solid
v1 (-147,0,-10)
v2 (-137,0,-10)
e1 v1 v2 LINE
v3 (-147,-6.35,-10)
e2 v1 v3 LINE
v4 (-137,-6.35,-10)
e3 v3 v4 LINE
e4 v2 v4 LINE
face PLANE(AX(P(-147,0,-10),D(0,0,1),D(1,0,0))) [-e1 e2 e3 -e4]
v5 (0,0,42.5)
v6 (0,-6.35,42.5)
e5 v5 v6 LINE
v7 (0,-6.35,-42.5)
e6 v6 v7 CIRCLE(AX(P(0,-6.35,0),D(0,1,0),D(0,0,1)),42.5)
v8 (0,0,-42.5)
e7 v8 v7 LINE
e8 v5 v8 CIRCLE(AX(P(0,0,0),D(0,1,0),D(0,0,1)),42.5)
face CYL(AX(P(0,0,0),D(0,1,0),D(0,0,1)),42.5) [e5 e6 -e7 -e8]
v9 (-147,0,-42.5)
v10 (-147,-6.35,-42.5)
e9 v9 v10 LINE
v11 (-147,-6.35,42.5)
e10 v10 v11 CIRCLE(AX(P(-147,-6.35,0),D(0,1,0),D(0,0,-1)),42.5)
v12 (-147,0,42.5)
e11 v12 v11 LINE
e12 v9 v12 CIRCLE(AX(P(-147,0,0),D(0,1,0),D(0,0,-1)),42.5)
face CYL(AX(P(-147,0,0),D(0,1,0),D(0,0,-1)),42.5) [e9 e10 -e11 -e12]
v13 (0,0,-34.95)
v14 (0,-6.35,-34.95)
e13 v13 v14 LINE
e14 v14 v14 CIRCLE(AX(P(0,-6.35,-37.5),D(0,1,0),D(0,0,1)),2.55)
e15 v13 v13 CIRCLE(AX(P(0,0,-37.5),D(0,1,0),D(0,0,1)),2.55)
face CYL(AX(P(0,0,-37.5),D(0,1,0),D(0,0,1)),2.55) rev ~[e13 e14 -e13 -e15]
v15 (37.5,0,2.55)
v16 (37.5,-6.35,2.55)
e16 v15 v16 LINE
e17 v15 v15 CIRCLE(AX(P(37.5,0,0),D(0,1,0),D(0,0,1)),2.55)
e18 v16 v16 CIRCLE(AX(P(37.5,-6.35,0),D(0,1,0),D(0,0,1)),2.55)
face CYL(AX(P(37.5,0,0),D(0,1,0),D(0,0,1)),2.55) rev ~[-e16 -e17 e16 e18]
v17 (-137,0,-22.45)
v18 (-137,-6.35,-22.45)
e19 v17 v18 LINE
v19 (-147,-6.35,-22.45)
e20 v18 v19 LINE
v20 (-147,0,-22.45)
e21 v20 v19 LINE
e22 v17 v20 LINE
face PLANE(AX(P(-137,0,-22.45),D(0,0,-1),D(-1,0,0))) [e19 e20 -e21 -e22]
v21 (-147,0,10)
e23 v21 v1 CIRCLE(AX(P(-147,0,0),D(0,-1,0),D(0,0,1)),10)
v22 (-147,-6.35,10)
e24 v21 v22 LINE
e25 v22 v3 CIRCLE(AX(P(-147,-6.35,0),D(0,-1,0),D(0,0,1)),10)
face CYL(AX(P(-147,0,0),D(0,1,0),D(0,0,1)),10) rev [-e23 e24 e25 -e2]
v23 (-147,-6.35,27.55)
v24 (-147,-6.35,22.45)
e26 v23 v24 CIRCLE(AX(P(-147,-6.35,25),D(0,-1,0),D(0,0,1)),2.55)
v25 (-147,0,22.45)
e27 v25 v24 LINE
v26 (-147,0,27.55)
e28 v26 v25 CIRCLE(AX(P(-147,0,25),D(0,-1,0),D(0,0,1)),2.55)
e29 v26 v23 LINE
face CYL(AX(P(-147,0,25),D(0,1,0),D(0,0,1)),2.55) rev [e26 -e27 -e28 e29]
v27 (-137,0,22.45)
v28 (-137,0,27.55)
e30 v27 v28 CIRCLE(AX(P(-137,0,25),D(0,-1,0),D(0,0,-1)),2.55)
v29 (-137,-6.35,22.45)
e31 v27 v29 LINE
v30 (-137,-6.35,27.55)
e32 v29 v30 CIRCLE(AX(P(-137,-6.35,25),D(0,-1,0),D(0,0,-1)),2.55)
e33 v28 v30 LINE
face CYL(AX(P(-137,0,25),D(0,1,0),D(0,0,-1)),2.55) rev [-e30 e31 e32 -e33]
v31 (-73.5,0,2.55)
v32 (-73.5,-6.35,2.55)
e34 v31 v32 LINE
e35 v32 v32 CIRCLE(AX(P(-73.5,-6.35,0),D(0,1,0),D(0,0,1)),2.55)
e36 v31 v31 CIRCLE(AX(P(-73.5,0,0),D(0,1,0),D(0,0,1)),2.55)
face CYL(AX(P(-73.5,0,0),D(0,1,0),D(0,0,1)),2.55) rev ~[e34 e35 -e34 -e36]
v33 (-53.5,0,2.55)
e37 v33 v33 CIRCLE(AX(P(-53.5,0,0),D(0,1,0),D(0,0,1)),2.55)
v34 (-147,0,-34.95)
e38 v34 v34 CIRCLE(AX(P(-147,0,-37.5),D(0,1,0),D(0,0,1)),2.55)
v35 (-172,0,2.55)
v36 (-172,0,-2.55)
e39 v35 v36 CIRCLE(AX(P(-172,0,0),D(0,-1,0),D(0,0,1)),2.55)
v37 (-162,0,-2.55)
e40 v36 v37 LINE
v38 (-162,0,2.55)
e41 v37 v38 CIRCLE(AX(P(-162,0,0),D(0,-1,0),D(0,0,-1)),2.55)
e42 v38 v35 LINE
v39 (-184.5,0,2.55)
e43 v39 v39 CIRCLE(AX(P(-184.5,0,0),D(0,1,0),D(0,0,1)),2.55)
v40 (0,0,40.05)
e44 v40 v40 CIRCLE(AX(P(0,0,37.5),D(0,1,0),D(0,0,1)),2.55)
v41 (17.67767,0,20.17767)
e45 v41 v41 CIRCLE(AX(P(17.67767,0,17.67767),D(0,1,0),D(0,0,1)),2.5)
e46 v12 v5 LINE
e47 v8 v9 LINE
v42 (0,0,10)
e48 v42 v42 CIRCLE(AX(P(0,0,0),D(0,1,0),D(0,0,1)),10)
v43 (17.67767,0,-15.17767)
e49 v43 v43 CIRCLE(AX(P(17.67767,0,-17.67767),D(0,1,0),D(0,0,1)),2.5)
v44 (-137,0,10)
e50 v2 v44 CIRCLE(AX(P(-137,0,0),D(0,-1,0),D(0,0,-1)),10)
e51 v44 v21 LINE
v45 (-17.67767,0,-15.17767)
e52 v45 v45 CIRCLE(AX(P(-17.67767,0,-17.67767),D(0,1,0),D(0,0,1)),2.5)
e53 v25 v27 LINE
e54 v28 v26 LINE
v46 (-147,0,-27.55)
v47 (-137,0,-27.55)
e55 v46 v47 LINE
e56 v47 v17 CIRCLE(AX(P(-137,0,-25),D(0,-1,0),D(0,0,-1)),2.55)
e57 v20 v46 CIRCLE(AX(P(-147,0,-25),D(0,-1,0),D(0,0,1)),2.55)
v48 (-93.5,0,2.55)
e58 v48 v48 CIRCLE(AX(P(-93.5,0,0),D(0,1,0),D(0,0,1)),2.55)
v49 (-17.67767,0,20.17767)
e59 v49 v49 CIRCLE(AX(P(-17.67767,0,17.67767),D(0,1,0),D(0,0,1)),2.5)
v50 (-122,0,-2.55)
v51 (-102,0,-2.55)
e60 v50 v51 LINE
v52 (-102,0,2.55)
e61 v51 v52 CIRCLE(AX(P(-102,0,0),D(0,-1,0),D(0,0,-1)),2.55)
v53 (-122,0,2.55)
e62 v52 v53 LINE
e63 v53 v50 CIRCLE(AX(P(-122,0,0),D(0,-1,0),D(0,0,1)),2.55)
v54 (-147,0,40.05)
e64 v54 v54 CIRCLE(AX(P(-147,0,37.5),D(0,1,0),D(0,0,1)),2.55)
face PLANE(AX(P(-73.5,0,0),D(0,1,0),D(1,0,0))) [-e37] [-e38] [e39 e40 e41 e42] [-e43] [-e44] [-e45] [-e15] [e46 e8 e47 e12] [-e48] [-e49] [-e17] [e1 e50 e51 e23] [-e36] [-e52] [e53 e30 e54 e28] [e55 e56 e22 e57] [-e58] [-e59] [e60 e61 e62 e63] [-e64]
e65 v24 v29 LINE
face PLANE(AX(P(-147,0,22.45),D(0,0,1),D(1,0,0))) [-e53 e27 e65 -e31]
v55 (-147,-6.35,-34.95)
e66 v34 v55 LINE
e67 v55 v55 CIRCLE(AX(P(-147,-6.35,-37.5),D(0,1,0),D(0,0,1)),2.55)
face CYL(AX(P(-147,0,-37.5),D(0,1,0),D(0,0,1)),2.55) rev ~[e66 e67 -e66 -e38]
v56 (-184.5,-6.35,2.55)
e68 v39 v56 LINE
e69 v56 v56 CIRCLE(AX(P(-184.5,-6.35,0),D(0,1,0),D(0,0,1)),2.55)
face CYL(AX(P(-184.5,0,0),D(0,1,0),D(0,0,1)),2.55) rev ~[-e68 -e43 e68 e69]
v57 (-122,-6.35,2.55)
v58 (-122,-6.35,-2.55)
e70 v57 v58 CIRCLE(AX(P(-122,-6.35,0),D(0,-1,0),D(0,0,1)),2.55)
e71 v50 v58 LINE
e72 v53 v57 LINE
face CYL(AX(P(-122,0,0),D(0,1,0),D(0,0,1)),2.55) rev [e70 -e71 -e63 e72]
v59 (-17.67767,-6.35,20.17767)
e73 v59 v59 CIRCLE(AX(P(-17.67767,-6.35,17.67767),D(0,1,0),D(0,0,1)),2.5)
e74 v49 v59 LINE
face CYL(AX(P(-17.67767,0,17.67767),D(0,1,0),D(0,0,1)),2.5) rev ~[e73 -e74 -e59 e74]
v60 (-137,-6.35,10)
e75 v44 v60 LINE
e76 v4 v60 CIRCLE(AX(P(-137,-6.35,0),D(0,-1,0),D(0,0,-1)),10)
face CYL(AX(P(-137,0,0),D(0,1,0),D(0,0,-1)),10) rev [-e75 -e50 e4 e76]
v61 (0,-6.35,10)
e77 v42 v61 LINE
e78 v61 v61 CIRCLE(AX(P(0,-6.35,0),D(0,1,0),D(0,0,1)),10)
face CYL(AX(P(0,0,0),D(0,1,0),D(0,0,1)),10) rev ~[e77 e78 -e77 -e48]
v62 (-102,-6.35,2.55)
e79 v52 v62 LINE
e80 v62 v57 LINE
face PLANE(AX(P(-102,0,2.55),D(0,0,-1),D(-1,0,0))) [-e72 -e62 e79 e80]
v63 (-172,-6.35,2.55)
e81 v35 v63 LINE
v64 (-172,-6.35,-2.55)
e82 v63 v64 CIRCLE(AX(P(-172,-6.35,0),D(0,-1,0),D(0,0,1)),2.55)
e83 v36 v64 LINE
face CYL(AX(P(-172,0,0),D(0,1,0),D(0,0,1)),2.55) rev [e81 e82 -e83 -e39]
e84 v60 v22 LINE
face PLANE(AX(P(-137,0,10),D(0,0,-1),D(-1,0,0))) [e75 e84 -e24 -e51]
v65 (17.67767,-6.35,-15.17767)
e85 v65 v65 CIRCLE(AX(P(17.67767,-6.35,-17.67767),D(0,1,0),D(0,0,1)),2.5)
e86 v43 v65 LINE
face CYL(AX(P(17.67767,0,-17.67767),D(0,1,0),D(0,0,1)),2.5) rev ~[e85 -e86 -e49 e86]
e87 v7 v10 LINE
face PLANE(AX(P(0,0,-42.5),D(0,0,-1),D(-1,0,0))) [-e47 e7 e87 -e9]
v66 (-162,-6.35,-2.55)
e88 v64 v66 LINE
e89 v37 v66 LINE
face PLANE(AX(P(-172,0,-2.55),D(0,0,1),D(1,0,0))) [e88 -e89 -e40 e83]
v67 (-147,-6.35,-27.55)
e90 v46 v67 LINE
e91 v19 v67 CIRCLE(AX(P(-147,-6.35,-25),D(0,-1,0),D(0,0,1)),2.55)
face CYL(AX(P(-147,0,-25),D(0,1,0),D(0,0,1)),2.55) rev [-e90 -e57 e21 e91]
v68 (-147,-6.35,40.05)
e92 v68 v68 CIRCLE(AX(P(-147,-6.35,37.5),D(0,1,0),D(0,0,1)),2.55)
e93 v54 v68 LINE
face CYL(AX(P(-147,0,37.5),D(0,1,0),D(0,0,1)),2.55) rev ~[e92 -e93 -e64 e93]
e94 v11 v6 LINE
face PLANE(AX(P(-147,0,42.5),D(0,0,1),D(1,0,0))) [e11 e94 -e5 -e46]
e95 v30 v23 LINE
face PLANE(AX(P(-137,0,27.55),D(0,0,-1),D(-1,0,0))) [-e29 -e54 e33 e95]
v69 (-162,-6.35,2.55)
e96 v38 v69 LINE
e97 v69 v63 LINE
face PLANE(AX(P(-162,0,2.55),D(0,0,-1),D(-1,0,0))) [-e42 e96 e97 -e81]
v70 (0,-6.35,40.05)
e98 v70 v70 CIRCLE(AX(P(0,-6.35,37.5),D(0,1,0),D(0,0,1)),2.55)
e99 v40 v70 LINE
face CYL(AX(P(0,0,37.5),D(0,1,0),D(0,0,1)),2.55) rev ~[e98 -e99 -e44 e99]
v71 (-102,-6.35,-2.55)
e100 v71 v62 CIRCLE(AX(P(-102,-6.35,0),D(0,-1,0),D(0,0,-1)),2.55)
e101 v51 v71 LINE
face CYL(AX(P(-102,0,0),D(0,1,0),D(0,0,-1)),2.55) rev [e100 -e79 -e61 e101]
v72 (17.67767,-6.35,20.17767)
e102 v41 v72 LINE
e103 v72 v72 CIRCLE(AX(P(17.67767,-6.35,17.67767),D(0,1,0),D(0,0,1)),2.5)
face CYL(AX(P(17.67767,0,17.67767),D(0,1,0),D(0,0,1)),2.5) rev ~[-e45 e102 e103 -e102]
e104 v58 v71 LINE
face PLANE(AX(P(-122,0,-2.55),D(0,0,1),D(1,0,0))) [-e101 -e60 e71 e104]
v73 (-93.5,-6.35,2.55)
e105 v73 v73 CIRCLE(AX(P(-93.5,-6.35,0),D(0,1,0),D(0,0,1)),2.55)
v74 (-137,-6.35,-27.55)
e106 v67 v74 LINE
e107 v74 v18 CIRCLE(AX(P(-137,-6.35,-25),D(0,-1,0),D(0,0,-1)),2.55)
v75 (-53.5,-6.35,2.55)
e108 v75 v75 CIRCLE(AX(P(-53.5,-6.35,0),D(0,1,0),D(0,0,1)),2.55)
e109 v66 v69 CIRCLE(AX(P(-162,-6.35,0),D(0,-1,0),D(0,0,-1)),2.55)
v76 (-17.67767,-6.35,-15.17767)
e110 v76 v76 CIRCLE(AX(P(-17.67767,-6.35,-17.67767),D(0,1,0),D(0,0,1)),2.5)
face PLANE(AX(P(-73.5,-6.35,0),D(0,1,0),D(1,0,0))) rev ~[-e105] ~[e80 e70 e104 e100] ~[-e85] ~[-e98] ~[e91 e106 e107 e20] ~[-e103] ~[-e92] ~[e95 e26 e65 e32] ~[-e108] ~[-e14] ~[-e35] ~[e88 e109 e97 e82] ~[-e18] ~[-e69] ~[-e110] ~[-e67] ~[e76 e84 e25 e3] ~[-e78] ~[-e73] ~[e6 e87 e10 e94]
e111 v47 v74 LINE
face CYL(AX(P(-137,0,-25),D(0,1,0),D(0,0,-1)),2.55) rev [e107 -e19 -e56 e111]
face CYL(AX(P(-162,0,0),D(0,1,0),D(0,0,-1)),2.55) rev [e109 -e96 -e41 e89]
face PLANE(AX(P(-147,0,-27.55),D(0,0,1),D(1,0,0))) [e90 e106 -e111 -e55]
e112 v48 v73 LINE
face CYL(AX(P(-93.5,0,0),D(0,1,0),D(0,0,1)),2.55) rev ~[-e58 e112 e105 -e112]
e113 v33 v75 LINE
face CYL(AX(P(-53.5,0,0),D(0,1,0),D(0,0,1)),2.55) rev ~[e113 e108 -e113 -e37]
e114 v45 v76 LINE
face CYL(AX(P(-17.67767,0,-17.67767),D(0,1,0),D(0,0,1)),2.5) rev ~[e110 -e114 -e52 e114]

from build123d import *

# Parameters (mm, degrees)
SKETCH1_R           = 2.55
SKETCH1_R_2         = 2.5
SKETCH1_R_3         = 10
BOSS_EXTRUDE1_DEPTH = 6.35


with BuildPart() as part:
    # Sketch1 → Boss-Extrude1 (new body)
    with BuildSketch(Plane(origin=(0, 0, 0), x_dir=(1, 0, 0), z_dir=(0, 1, 0))):
        with BuildLine():
            ThreePointArc((-147, 42.5), (-189.5, 0), (-147, -42.5))
            Line((-147, -42.5), (0, -42.5))
            ThreePointArc((0, -42.5), (42.5, 0), (0, 42.5))
            Line((0, 42.5), (-147, 42.5))
        make_face()
        with BuildLine():
            Line((-122, 2.55), (-102, 2.55))
            ThreePointArc((-102, 2.55), (-99.45, 0), (-102, -2.55))
            Line((-102, -2.55), (-122, -2.55))
            ThreePointArc((-122, -2.55), (-124.55, 0), (-122, 2.55))
        make_face(mode=Mode.SUBTRACT)
        with Locations(Location((-147, -37.5, 0), (0, 0, 270))):
            Circle(SKETCH1_R, mode=Mode.SUBTRACT)
        with BuildLine():
            ThreePointArc((-147, -27.55), (-149.55, -25), (-147, -22.45))
            Line((-147, -22.45), (-137, -22.45))
            ThreePointArc((-137, -22.45), (-134.45, -25), (-137, -27.55))
            Line((-137, -27.55), (-147, -27.55))
        make_face(mode=Mode.SUBTRACT)
        with Locations(Location((-184.5, 0, 0), (0, 0, 270))):
            Circle(SKETCH1_R, mode=Mode.SUBTRACT)
        with BuildLine():
            ThreePointArc((-172, -2.55), (-174.55, 0), (-172, 2.55))
            Line((-172, 2.55), (-162, 2.55))
            ThreePointArc((-162, 2.55), (-159.45, 0), (-162, -2.55))
            Line((-162, -2.55), (-172, -2.55))
        make_face(mode=Mode.SUBTRACT)
        with BuildLine():
            ThreePointArc((-147, -10), (-157, 0), (-147, 10))
            Line((-147, 10), (-137, 10))
            ThreePointArc((-137, 10), (-127, 0), (-137, -10))
            Line((-137, -10), (-147, -10))
        make_face(mode=Mode.SUBTRACT)
        with BuildLine():
            ThreePointArc((-147, 22.45), (-149.55, 25), (-147, 27.55))
            Line((-147, 27.55), (-137, 27.55))
            ThreePointArc((-137, 27.55), (-134.45, 25), (-137, 22.45))
            Line((-137, 22.45), (-147, 22.45))
        make_face(mode=Mode.SUBTRACT)
        with Locations(Location((-147, 37.5, 0), (0, 0, 270))):
            Circle(SKETCH1_R, mode=Mode.SUBTRACT)
        with Locations(Location((-73.5, 0, 0), (0, 0, 270))):
            Circle(SKETCH1_R, mode=Mode.SUBTRACT)
        with Locations(Location((-53.5, 0, 0), (0, 0, 270))):
            Circle(SKETCH1_R, mode=Mode.SUBTRACT)
        with Locations(Location((-93.5, 0, 0), (0, 0, 270))):
            Circle(SKETCH1_R, mode=Mode.SUBTRACT)
        with Locations(Location((0, 37.5, 0), (0, 0, 270))):
            Circle(SKETCH1_R, mode=Mode.SUBTRACT)
        with Locations(Location((0, -37.5, 0), (0, 0, 270))):
            Circle(SKETCH1_R, mode=Mode.SUBTRACT)
        with Locations(Location((-17.67766953, -17.67766953, 0), (0, 0, 270))):
            Circle(SKETCH1_R_2, mode=Mode.SUBTRACT)
        with Locations(Location((17.67766953, -17.67766953, 0), (0, 0, 270))):
            Circle(SKETCH1_R_2, mode=Mode.SUBTRACT)
        with Locations(Location((-17.67766953, 17.67766953, 0), (0, 0, 270))):
            Circle(SKETCH1_R_2, mode=Mode.SUBTRACT)
        with Locations(Location((0, 0, 0), (0, 0, 270))):
            Circle(SKETCH1_R_3, mode=Mode.SUBTRACT)
        with Locations(Location((37.5, 0, 0), (0, 0, 270))):
            Circle(SKETCH1_R, mode=Mode.SUBTRACT)
        with Locations(Location((17.67766953, 17.67766953, 0), (0, 0, 270))):
            Circle(SKETCH1_R_2, mode=Mode.SUBTRACT)
    extrude(amount=-BOSS_EXTRUDE1_DEPTH)


solid = part.part
